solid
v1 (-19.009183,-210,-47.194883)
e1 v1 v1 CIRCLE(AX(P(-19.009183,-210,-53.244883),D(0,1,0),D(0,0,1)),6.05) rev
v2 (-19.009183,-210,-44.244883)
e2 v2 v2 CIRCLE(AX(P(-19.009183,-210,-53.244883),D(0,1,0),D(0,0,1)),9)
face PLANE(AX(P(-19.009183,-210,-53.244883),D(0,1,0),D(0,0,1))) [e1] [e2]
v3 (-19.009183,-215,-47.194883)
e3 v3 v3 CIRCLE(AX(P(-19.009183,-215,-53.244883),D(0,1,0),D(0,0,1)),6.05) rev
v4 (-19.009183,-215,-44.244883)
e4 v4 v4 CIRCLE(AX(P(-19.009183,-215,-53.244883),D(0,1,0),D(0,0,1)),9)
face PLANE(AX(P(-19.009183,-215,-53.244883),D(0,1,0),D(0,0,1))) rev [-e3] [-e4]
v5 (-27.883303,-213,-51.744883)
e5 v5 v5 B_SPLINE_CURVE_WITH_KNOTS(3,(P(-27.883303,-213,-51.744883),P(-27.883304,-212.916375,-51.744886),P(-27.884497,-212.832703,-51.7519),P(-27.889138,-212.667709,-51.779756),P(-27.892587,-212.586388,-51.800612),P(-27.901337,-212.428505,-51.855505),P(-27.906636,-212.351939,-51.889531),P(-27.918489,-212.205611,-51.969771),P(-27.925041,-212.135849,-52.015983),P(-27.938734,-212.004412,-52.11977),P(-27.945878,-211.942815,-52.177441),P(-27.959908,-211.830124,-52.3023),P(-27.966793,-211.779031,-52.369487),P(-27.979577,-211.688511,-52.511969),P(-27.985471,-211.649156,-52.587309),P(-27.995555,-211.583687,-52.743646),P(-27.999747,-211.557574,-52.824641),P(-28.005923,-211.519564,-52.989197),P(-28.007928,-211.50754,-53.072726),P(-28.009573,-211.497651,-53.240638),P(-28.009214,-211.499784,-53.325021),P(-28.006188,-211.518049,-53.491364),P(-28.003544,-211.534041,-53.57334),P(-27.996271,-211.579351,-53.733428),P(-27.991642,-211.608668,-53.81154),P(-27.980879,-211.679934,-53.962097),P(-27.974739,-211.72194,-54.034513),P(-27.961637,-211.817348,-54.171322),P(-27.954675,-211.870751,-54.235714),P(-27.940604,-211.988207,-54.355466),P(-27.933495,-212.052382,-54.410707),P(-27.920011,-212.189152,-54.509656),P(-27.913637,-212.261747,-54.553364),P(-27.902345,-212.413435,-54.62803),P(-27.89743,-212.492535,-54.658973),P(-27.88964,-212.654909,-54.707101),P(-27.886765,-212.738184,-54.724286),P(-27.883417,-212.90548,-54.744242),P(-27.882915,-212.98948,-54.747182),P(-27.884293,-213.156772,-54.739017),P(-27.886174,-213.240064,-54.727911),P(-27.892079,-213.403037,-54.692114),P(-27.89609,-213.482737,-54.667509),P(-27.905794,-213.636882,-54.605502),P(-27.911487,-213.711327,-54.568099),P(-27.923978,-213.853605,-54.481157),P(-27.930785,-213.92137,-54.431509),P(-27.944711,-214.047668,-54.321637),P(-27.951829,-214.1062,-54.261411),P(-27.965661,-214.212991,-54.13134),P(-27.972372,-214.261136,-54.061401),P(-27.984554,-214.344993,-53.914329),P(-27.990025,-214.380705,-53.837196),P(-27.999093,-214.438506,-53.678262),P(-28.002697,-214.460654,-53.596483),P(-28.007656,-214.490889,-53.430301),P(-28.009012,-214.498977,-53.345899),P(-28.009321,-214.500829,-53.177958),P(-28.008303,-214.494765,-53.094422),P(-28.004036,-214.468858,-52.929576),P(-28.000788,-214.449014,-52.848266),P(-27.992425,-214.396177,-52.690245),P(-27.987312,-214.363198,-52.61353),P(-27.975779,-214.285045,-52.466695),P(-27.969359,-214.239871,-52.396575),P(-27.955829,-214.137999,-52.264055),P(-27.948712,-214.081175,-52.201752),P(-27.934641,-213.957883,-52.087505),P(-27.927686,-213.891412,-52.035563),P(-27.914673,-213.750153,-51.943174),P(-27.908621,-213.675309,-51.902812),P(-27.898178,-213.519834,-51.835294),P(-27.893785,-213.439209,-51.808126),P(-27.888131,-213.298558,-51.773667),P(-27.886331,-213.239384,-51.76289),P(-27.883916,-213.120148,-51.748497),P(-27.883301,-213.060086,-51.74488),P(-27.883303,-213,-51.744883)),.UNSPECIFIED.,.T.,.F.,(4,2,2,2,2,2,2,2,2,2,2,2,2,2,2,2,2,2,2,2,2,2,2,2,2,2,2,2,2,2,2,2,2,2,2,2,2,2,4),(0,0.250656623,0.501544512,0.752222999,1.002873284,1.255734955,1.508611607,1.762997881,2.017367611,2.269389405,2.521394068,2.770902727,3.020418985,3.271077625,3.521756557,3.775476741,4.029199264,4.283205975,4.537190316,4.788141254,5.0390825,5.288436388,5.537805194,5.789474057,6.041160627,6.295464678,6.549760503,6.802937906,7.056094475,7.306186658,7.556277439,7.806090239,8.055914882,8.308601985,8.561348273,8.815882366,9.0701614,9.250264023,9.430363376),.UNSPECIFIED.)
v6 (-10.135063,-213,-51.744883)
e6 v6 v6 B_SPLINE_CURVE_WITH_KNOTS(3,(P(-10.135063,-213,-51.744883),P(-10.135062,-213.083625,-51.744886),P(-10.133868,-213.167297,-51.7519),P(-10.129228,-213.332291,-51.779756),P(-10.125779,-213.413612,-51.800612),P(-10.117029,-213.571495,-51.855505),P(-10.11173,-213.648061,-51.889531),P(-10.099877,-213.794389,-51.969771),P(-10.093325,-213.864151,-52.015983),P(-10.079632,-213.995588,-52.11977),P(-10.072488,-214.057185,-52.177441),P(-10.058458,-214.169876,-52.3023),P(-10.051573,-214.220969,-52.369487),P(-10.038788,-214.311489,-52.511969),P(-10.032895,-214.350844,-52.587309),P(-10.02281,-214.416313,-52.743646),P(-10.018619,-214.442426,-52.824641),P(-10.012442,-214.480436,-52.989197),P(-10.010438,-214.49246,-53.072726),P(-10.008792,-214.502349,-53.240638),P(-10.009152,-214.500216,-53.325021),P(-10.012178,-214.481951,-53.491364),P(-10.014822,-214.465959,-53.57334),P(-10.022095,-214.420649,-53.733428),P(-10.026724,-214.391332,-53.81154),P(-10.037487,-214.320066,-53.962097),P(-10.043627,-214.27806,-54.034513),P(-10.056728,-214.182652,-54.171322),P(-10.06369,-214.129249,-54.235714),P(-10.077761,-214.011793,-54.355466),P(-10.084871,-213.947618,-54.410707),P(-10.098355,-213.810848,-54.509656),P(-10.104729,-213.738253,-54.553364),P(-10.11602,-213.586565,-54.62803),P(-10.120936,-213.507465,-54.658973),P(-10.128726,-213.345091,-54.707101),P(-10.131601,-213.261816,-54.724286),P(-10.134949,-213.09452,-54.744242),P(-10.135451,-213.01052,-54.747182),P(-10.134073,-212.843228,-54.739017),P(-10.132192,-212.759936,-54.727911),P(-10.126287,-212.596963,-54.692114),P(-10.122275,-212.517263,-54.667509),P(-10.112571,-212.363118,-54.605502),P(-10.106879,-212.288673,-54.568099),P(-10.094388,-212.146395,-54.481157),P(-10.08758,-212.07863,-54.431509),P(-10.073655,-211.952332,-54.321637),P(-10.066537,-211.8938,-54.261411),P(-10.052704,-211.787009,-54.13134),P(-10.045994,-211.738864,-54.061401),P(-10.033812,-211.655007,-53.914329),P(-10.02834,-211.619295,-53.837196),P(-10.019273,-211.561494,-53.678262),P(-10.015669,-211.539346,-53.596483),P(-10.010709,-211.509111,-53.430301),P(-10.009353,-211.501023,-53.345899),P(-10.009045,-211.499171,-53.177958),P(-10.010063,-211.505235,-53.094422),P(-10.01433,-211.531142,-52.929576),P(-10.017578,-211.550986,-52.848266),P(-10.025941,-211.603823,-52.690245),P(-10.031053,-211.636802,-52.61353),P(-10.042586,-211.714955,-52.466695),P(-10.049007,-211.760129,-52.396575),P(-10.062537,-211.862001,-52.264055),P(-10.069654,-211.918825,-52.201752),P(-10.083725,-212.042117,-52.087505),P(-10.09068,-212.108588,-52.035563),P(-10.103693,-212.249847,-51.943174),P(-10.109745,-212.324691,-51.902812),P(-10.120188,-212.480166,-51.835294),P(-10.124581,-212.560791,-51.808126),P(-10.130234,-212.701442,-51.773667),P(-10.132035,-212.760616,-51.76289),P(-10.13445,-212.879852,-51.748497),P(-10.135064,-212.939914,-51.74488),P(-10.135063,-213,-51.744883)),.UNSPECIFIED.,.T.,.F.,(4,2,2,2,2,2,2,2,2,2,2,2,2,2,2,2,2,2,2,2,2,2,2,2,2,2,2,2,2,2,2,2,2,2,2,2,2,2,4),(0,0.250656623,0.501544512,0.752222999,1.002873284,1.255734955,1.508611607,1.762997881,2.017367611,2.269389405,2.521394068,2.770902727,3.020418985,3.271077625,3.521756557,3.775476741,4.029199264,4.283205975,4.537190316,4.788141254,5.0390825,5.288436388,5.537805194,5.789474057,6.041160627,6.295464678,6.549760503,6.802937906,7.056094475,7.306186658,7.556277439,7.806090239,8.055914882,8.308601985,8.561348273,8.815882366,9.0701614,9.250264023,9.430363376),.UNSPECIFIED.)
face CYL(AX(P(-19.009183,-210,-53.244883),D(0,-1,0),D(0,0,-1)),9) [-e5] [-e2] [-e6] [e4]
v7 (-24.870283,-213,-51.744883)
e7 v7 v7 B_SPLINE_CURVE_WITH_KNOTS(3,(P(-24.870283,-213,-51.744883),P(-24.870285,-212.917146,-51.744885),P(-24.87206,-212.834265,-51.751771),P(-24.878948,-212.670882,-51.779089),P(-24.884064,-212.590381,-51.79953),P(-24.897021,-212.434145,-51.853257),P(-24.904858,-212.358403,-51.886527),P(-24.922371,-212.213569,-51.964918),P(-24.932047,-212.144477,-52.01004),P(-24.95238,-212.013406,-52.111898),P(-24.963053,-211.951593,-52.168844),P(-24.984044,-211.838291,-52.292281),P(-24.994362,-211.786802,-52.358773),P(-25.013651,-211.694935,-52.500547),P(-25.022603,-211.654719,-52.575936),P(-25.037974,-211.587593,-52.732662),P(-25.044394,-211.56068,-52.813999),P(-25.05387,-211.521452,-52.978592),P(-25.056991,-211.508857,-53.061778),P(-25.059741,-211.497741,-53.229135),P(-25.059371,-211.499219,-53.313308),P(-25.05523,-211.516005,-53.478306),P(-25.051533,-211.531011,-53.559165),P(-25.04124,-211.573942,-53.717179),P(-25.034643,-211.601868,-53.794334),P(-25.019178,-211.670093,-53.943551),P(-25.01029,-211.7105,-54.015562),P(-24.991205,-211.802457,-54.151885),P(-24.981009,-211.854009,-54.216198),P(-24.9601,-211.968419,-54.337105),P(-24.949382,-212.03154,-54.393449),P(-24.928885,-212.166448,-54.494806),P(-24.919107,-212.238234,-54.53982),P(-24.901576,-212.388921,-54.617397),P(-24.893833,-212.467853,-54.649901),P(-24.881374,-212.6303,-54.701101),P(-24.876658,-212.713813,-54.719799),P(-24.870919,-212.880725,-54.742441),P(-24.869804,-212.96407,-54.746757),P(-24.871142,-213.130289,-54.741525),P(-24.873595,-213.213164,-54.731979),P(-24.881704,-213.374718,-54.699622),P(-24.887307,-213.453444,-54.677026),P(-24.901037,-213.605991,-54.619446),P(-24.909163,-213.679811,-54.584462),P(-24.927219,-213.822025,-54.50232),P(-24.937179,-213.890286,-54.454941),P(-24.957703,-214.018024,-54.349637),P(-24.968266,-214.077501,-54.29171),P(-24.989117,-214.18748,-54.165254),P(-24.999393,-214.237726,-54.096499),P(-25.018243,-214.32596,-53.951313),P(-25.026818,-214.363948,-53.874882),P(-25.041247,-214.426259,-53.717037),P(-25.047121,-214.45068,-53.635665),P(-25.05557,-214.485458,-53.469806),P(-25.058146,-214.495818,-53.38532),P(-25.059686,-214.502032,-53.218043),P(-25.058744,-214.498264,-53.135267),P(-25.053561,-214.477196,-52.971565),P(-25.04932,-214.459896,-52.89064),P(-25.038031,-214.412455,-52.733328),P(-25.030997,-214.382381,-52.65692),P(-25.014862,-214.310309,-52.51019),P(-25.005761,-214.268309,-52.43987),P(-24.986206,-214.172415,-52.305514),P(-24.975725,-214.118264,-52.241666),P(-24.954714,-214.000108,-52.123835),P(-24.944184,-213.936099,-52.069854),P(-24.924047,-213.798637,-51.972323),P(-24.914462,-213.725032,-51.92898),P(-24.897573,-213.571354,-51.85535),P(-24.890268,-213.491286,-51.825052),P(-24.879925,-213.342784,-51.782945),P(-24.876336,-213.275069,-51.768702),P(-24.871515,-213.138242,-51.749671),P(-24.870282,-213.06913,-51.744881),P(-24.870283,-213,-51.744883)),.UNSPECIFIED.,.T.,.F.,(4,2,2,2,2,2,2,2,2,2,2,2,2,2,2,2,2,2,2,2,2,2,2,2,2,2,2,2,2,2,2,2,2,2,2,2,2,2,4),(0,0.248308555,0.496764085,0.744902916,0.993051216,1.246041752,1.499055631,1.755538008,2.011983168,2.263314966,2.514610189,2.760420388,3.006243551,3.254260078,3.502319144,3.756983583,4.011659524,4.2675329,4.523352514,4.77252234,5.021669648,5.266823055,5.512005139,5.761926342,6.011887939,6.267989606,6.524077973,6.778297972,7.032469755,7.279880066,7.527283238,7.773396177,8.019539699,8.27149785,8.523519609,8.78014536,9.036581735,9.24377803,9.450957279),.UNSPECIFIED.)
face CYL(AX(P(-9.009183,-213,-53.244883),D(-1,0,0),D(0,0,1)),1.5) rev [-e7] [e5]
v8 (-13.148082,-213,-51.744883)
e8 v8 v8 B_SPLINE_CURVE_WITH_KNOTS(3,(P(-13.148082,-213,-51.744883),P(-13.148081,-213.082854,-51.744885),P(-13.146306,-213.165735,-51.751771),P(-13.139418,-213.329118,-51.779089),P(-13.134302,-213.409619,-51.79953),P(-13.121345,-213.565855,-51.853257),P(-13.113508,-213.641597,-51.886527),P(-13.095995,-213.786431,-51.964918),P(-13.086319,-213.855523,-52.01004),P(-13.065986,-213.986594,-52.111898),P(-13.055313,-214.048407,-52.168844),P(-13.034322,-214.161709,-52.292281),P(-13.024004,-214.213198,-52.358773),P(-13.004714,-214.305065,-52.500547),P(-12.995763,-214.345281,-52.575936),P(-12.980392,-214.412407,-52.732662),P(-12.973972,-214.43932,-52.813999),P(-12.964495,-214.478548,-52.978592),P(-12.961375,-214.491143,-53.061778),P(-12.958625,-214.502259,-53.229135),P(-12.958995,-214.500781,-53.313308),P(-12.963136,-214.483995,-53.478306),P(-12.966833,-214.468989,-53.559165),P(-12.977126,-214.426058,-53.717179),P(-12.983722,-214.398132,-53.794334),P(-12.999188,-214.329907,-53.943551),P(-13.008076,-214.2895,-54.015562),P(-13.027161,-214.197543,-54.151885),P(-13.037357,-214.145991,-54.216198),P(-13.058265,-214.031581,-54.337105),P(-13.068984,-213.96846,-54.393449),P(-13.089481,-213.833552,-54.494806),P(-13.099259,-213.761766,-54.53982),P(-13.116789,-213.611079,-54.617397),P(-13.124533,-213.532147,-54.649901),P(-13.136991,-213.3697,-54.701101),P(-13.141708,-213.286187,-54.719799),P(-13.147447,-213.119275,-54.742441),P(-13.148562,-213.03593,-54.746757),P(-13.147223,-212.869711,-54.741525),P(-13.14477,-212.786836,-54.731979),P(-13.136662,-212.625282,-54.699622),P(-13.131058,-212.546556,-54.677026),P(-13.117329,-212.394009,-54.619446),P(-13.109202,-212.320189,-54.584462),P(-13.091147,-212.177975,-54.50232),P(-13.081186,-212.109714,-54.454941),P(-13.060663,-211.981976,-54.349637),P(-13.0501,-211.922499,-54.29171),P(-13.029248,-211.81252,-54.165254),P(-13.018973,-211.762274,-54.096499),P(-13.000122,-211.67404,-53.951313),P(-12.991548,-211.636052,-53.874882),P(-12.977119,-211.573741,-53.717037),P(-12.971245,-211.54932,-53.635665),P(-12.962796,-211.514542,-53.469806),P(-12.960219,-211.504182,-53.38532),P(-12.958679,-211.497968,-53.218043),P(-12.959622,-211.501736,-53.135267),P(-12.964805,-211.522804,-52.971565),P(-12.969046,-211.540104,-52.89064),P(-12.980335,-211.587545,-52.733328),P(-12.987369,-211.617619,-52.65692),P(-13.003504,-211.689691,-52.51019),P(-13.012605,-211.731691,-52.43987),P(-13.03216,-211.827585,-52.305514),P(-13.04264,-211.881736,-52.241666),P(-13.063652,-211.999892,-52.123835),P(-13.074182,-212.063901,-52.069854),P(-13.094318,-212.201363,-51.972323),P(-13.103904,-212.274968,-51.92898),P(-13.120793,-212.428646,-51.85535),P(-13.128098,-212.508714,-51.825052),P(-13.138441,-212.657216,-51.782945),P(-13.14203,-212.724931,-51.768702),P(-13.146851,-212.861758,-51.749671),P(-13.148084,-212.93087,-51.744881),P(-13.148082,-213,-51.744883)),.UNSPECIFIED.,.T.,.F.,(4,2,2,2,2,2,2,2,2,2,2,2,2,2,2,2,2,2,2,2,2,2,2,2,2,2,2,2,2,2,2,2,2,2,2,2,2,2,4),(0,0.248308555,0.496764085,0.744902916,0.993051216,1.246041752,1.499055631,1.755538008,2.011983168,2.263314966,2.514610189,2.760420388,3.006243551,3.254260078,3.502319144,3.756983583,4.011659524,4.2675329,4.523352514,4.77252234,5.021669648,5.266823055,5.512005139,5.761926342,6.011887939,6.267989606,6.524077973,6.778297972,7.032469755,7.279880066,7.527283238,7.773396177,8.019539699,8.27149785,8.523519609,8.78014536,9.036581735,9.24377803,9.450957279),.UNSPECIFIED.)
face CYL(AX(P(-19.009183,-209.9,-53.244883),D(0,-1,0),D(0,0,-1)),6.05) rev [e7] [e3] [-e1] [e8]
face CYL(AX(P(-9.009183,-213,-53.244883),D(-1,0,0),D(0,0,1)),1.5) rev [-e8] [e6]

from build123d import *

# Parameters (mm, degrees)
COLLAR_STOCK_SKETCH_R             = 9
COLLAR_STOCK_DEPTH                = 5
AXLE_COLLAR_BORE_SKETCH_R         = 6.05
AXLE_COLLAR_BORE_DEPTH            = 5.2
POSITIVE_SPRING_PIN_BORE_SKETCH_R = 1.5
POSITIVE_SPRING_PIN_BORE_DEPTH    = 20


with BuildPart() as part:
    # Collar stock sketch → Collar stock (new body)
    with BuildSketch(Plane(origin=(0, -215, 0), x_dir=(1, 0, 0), z_dir=(0, 1, 0))):
        with Locations(Location((-19.009182883, 53.244882879, 0), (0, 0, 270))):
            Circle(COLLAR_STOCK_SKETCH_R)
    extrude(amount=COLLAR_STOCK_DEPTH)

    # Axle collar bore sketch → Axle collar bore (cut)
    with BuildSketch(Plane(origin=(0, -215.1, 0), x_dir=(1, 0, 0), z_dir=(0, 1, 0))):
        with Locations(Location((-19.009182883, 53.244882879, 0), (0, 0, 270))):
            Circle(AXLE_COLLAR_BORE_SKETCH_R)
    extrude(amount=AXLE_COLLAR_BORE_DEPTH, mode=Mode.SUBTRACT)

    # Positive spring pin bore sketch → Positive spring pin bore (cut)
    with BuildSketch(Plane(origin=(-29.009182883, 0, 0), x_dir=(0, 0, -1), z_dir=(1, 0, 0))):
        with Locations(Location((53.244882879, -213, 0), (0, 0, 180))):
            Circle(POSITIVE_SPRING_PIN_BORE_SKETCH_R)
    extrude(amount=POSITIVE_SPRING_PIN_BORE_DEPTH, mode=Mode.SUBTRACT)


solid = part.part
